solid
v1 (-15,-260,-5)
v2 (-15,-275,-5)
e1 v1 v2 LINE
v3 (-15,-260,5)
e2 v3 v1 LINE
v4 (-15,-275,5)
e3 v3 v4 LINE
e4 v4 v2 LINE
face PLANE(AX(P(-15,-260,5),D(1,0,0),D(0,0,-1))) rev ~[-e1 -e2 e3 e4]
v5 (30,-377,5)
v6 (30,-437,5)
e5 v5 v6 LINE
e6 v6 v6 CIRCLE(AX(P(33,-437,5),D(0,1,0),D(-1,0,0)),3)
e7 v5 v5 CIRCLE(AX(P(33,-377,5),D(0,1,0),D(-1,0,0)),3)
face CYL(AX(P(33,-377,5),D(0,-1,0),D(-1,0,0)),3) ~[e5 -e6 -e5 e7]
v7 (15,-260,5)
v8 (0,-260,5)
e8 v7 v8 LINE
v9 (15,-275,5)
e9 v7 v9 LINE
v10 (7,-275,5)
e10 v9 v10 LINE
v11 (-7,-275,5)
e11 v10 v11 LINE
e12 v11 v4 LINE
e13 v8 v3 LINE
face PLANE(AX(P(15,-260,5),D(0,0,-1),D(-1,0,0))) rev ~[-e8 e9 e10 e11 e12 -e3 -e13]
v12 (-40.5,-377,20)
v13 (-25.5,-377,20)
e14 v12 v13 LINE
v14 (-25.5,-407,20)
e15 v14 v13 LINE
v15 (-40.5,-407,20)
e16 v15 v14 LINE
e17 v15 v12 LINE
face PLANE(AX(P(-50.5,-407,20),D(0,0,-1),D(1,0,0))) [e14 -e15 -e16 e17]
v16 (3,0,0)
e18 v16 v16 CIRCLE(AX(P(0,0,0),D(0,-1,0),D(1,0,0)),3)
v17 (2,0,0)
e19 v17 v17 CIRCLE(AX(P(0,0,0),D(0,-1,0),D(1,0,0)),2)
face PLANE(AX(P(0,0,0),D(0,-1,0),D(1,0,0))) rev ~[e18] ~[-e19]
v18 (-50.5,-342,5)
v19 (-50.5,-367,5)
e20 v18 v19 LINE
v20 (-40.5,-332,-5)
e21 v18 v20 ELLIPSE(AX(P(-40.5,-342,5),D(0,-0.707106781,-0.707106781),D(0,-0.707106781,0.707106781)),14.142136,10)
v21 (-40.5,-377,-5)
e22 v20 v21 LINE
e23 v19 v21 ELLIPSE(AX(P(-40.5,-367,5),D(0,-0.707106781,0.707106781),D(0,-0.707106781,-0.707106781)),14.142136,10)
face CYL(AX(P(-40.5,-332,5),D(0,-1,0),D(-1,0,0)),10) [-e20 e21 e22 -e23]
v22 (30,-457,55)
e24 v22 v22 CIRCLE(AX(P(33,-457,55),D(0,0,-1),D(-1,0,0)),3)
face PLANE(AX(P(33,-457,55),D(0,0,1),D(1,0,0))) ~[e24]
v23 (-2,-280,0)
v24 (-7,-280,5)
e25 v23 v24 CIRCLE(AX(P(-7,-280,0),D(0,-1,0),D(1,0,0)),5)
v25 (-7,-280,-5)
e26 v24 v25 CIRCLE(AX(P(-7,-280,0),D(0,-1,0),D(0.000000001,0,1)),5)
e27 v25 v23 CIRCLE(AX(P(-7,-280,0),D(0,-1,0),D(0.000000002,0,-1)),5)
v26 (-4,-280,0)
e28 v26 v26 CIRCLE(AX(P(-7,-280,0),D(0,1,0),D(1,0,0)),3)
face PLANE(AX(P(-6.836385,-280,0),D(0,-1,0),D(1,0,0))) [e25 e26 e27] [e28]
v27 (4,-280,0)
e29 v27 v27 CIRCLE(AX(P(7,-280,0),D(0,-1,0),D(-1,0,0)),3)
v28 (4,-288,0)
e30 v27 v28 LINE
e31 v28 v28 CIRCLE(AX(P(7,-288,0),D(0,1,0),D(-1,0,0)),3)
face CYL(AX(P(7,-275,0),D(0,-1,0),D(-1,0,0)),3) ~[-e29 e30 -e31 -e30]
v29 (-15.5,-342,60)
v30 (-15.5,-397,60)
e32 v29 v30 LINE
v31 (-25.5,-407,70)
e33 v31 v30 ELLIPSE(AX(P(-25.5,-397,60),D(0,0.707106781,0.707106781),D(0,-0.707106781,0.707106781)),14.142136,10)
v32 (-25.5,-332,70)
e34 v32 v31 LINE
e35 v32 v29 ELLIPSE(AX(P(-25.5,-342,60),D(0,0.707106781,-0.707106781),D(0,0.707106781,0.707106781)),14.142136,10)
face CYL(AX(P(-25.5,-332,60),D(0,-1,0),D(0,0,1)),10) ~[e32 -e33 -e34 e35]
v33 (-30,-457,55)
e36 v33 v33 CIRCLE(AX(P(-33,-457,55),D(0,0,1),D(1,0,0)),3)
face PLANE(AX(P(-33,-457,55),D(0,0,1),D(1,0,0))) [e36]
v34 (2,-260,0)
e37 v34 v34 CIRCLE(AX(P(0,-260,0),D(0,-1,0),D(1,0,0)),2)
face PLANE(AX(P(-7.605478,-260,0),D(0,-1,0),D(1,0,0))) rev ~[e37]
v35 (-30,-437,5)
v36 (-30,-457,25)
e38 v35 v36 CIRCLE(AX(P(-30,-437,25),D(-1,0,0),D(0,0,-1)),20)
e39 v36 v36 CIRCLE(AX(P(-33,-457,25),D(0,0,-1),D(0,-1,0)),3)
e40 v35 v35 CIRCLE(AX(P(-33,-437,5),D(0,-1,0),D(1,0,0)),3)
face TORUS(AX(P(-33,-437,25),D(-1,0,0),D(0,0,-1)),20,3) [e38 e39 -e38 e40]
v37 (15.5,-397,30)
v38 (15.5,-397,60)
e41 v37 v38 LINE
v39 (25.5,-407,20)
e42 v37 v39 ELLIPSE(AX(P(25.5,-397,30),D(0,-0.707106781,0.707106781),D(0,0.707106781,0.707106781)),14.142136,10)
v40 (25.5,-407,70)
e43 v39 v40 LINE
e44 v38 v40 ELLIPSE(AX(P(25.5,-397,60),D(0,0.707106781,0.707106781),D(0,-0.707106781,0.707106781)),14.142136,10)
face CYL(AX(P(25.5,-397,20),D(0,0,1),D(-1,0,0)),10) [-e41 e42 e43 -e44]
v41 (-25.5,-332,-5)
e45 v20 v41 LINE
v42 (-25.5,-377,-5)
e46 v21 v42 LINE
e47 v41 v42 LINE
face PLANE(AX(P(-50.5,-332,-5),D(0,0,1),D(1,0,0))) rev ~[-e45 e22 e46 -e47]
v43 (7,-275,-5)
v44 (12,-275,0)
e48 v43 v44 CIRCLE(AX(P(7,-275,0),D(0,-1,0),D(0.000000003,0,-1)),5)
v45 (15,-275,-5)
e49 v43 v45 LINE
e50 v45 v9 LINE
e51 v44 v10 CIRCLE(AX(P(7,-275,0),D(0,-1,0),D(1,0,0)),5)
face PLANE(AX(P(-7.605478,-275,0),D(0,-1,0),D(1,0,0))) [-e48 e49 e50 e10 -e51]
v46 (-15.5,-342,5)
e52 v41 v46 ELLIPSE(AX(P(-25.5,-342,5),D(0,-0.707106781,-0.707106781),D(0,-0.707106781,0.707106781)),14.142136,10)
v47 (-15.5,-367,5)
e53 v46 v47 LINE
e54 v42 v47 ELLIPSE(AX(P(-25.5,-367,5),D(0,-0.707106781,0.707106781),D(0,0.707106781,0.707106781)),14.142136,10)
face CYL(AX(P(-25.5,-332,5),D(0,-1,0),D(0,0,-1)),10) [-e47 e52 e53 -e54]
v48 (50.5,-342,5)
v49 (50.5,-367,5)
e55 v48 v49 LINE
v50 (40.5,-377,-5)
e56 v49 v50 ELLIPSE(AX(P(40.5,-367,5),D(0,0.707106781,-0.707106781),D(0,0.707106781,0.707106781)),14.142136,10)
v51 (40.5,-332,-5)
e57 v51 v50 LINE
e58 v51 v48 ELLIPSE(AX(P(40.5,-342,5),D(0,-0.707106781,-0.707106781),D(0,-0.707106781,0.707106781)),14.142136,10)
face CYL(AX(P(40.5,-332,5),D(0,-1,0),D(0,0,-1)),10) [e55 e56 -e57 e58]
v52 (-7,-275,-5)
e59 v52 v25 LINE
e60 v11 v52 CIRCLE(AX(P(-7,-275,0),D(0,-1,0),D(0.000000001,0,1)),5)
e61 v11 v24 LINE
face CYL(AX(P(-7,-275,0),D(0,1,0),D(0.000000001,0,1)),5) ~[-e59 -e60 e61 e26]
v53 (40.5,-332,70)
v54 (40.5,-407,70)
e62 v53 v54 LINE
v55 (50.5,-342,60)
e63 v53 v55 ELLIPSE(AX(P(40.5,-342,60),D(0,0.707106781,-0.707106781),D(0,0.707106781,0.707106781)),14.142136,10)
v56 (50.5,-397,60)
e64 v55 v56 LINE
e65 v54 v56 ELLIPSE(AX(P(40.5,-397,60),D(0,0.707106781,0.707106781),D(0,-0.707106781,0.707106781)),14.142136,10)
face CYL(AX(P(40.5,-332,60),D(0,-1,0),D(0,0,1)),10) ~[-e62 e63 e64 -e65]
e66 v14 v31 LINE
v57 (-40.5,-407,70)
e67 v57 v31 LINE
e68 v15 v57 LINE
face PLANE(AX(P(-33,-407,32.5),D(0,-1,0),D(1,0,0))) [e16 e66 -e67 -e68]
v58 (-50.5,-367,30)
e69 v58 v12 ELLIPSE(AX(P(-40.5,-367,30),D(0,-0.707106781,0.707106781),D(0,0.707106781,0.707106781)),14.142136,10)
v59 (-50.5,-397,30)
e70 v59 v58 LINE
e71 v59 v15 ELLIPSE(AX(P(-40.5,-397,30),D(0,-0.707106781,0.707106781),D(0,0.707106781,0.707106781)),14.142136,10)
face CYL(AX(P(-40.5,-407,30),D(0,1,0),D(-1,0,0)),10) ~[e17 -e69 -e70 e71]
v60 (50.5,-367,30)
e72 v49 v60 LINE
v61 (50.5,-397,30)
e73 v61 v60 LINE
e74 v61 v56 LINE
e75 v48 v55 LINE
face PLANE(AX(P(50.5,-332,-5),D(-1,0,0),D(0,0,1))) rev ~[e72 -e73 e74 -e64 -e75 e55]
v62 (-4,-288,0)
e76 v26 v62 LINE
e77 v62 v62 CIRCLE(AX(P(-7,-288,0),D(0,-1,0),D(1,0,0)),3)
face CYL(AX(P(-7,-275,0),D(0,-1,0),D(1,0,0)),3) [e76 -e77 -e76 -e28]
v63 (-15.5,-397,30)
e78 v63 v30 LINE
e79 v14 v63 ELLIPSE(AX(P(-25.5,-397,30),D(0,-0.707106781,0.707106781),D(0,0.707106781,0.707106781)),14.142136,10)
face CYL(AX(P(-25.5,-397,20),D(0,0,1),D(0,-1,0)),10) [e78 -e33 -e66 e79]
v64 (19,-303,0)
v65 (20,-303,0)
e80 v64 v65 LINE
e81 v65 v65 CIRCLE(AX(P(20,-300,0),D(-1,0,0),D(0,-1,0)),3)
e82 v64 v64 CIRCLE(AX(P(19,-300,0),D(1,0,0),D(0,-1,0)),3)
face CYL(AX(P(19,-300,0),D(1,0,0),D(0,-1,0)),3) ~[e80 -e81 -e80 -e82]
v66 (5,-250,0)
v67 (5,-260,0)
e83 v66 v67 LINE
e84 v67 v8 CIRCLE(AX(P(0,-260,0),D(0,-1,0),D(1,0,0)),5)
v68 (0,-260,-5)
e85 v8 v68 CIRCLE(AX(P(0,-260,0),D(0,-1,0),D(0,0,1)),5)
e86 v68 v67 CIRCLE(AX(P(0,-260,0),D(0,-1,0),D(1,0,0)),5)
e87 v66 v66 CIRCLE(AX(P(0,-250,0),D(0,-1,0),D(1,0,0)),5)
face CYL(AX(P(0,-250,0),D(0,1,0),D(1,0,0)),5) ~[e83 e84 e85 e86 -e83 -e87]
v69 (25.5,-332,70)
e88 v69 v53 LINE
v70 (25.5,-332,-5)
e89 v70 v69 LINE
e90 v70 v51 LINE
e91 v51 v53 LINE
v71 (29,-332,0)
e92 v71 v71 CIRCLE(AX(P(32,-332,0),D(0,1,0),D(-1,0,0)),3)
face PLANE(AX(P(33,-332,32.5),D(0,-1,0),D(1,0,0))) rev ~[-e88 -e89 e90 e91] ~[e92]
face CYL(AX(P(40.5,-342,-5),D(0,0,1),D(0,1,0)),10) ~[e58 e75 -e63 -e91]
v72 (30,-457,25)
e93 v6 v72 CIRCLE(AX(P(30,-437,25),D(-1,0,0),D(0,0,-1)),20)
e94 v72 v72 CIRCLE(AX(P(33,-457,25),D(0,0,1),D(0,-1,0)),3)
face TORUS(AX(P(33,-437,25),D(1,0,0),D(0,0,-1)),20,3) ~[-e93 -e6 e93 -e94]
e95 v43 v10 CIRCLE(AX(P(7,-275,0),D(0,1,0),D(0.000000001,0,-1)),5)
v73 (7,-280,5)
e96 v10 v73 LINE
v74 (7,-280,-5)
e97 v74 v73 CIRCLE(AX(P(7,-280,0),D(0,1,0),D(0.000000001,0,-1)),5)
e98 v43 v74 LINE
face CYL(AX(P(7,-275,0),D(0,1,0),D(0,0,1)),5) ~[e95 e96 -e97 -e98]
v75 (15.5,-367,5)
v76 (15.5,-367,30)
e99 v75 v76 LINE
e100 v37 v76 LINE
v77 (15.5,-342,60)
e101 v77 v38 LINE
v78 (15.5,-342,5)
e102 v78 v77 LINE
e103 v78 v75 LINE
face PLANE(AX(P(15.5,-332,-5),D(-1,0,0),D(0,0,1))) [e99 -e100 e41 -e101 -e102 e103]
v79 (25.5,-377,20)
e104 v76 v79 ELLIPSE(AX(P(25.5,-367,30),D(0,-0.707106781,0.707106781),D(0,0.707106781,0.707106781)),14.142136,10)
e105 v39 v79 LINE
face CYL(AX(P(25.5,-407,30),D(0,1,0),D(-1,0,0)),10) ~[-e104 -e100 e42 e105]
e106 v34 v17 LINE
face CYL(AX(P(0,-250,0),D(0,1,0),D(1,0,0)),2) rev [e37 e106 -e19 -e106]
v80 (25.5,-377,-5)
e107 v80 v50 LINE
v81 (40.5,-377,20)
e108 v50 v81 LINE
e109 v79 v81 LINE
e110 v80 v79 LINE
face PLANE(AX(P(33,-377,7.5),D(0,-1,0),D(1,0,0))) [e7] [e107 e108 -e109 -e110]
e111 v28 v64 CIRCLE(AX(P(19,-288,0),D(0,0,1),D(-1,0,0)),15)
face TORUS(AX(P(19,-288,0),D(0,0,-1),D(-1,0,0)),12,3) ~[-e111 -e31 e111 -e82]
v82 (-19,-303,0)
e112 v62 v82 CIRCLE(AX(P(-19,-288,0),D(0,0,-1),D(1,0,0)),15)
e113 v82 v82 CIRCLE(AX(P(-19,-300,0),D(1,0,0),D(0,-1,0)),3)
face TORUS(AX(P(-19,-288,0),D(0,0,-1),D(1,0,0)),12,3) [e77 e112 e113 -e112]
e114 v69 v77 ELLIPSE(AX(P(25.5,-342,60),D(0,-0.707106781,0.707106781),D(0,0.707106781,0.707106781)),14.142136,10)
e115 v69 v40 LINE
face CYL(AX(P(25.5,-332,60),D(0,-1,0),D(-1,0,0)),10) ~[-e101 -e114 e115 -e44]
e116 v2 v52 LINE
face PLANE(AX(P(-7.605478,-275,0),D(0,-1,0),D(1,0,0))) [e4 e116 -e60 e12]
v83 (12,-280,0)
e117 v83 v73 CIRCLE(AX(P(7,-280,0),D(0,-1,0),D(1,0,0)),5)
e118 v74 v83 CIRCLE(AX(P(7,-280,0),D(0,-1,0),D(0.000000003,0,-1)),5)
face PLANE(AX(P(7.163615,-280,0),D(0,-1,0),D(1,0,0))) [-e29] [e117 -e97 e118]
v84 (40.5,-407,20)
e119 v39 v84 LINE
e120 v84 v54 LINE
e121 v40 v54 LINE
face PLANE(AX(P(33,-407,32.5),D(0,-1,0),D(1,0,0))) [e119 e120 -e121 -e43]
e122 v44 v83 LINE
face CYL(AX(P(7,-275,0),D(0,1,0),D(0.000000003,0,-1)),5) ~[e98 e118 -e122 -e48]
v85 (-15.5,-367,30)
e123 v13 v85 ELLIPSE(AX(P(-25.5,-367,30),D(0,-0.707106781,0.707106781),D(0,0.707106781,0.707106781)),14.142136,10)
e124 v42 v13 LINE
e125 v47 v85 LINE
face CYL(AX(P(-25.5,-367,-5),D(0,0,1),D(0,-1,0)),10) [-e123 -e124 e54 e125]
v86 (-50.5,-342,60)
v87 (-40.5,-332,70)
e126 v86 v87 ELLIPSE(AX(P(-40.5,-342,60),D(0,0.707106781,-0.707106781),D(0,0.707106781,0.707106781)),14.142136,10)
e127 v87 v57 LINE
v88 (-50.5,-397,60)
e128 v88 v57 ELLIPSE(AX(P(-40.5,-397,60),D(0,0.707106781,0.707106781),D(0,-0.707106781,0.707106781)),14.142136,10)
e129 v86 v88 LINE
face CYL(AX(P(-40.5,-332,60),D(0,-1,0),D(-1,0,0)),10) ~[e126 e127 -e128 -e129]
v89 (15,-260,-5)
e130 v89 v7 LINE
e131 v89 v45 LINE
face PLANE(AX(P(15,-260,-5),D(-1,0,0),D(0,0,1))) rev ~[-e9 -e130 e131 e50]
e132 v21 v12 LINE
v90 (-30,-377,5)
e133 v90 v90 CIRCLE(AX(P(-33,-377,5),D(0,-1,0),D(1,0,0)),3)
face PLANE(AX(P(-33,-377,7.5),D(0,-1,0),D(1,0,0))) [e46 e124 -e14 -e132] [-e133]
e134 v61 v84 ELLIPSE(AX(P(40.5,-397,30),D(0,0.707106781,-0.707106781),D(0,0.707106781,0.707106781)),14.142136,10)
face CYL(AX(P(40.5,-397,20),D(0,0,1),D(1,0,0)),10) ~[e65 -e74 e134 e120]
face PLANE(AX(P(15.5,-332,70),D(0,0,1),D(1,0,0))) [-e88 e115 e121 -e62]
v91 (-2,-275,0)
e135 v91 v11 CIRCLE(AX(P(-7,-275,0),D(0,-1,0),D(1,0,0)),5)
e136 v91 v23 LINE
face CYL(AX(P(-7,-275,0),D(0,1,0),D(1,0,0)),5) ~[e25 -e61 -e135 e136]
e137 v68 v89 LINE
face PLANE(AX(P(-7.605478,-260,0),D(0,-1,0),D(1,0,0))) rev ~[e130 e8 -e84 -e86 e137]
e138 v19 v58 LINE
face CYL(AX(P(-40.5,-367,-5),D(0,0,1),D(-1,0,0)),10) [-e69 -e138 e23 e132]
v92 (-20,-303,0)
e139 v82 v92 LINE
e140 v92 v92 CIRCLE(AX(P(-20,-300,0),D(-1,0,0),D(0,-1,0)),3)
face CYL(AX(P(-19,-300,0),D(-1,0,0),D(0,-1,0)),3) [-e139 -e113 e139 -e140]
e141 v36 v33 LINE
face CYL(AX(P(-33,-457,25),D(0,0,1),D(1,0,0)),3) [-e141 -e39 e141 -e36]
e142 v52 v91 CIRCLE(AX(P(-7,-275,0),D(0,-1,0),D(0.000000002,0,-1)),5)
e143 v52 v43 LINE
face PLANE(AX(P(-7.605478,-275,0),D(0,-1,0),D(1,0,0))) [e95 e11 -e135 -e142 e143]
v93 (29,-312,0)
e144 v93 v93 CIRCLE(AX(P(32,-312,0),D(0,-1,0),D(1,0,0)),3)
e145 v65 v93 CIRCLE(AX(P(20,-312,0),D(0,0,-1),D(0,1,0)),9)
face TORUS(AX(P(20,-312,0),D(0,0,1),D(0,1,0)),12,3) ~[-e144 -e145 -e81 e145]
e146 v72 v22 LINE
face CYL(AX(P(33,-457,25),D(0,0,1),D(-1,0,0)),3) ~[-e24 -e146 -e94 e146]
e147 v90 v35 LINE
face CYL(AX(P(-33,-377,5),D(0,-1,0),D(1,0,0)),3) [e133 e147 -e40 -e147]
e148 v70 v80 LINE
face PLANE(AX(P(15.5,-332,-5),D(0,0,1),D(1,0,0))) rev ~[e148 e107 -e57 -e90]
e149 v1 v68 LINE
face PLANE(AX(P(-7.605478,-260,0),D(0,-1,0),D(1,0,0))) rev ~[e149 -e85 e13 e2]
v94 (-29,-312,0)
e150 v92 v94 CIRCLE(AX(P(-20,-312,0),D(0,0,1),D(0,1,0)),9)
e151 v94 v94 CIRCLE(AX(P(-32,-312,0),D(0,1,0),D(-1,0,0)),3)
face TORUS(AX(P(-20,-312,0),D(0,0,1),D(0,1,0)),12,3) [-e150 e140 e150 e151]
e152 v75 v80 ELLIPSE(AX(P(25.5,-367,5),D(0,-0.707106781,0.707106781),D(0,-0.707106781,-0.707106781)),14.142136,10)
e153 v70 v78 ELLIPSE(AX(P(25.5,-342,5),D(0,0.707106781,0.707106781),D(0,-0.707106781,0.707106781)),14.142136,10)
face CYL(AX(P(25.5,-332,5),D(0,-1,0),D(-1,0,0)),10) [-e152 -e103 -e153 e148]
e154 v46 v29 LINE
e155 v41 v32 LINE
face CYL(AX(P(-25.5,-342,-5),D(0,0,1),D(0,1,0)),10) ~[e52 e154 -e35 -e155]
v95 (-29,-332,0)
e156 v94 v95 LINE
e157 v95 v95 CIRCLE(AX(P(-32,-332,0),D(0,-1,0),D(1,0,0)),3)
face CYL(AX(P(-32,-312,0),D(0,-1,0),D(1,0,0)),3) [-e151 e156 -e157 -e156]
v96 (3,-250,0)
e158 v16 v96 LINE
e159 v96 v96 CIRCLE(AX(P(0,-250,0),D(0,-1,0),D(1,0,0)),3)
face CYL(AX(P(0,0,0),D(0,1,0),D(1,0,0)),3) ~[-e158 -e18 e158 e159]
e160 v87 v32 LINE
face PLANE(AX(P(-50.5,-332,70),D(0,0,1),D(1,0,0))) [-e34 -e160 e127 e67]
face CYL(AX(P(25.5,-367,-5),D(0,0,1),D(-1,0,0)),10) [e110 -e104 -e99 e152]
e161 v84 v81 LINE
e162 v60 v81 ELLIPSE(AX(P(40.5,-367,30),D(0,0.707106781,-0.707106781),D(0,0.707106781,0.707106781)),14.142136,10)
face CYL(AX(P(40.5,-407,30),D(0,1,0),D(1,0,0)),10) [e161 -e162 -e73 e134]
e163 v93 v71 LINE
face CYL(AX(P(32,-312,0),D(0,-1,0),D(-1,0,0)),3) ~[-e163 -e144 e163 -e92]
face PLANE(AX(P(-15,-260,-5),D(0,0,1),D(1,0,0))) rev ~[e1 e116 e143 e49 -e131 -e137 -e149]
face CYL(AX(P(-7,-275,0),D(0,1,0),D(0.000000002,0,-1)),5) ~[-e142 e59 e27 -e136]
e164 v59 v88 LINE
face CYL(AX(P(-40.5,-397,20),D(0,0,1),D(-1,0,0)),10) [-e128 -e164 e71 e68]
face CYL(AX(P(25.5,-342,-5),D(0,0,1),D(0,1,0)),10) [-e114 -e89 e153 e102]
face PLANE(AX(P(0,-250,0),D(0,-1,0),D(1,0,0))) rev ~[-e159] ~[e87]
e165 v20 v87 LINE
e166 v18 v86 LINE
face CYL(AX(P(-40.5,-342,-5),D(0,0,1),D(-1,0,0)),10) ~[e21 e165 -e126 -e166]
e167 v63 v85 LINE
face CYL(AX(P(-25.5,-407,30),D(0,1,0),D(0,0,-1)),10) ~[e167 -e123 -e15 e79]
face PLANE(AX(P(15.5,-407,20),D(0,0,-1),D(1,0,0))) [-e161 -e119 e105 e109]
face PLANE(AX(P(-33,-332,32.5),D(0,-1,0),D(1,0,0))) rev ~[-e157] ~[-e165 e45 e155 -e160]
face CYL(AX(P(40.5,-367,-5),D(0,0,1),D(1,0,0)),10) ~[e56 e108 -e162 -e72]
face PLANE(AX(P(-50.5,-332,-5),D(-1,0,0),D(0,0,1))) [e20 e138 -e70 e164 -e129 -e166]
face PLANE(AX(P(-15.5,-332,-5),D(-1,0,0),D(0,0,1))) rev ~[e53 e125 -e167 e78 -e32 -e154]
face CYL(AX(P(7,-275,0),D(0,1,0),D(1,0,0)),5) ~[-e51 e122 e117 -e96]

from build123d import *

# Parameters (mm, degrees)
F0_R      = 3
F0_R_2    = 2
F1_DEPTH  = 250
F2_R      = 5
F2_R_2    = 3
F2_R_3    = 2
F3_DEPTH  = 10
F4_R      = 2
F5_DEPTH  = 15
F6_R      = 3
F7_DEPTH  = 5
F8_R      = 3
F12_W     = 35
F12_H     = 75
F12_R     = 3
F13_DEPTH = 75
F14_W     = 35
F14_H     = 25
F15_DEPTH = 30
F16_R     = 10
F18_R     = 3


with BuildPart() as f1:
    # F0 (on Front) → F1 (new body)
    with BuildSketch(Plane.XZ):
        Circle(F0_R)
        Circle(F0_R_2, mode=Mode.SUBTRACT)
    extrude(amount=F1_DEPTH)

    # F2 (on face) → F3 (join)
    with BuildSketch(Plane.XZ.offset(250)):
        Circle(F2_R)
        Circle(F2_R_2, mode=Mode.SUBTRACT)
        Circle(F2_R_2)
        Circle(F2_R_3, mode=Mode.SUBTRACT)
    extrude(amount=F3_DEPTH)

    # F4 (on face) → F5 (join)
    with BuildSketch(Plane.XZ.offset(260)):
        with BuildLine():
            ThreePointArc((0, -5), (-5, 9.4e-09), (1.89e-08, 5))
            Line((1.89e-08, 5), (-15, 5))
            Line((-15, 5), (-15, -5))
            Line((-15, -5), (0, -5))
        make_face()
        with BuildLine():
            ThreePointArc((5, 0), (3.5355339126, 3.5355338993), (1.89e-08, 5))
            ThreePointArc((1.89e-08, 5), (-5, 9.4e-09), (0, -5))
            ThreePointArc((0, -5), (3.5355339059, -3.5355339059), (5, 0))
        make_face()
        Circle(F4_R, mode=Mode.SUBTRACT)
        with BuildLine():
            Line((15, -5), (15, 5))
            Line((15, 5), (1.89e-08, 5))
            ThreePointArc((1.89e-08, 5), (3.5355339126, 3.5355338993), (5, 0))
            ThreePointArc((5, 0), (3.5355339059, -3.5355339059), (0, -5))
            Line((0, -5), (15, -5))
        make_face()
        Circle(F4_R)
    extrude(amount=F5_DEPTH)

    # F6 (on face) → F7 (join)
    with BuildSketch(Plane.XZ.offset(275)):
        with BuildLine():
            ThreePointArc((-6.9999999883, -5), (-3.4644660899, -3.5355339018), (-2, 0))
            ThreePointArc((-2, 0), (-3.4644660915, 3.5355339034), (-6.9999999928, 5))
            ThreePointArc((-6.9999999928, 5), (-12, -2.2e-09), (-6.9999999883, -5))
        make_face()
        with Locations((-7, 0)):
            Circle(F6_R, mode=Mode.SUBTRACT)
        with BuildLine():
            ThreePointArc((12, 0), (10.5355339059, 3.5355339059), (7, 5))
            ThreePointArc((7, 5), (2, -8.4e-09), (7.0000000168, -5))
            ThreePointArc((7.0000000168, -5), (10.5355339119, -3.5355339), (12, 0))
        make_face()
        with Locations((7, 0)):
            Circle(F6_R, mode=Mode.SUBTRACT)
    extrude(amount=F7_DEPTH)

    # F10: sweep along a path in F9
    with BuildLine(Plane.XY) as f10_path:
        Line((-7, -275), (-7, -288))
        ThreePointArc((-7, -288), (-10.5147186258, -296.4852813742), (-19, -300))
        Line((-19, -300), (-20, -300))
        ThreePointArc((-20, -300), (-28.4852813742, -303.5147186258), (-32, -312))
        Line((-32, -312), (-32, -332))
    # F8 (on face) → F10 (sweep)
    with BuildSketch(Plane.XZ.offset(275)):
        with Locations((-7, 0)):
            Circle(F8_R)
    sweep(path=f10_path.line)

    # F11: F1 across plane


with BuildPart() as f1_1:
    add(f1.part)
    add(f1.part.mirror(Plane.YZ))

    # F12 (on face) → F13 (join)
    with BuildSketch(Plane.XZ.offset(332)):
        with Locations((-33, 32.5)):
            Rectangle(F12_W, F12_H)
        with Locations((-32, 0)):
            Circle(F12_R, mode=Mode.SUBTRACT)
        with Locations((33, 32.5)):
            Rectangle(F12_W, F12_H)
        with Locations((-32, 0)):
            Circle(F12_R)
    extrude(amount=F13_DEPTH)

    # F14 (on face) → F15 (cut)
    with BuildSketch(Plane.XZ.offset(407)):
        with Locations((-33, 7.5)):
            Rectangle(F14_W, F14_H)
        with Locations((33, 7.5)):
            Rectangle(F14_W, F14_H)
    extrude(amount=-F15_DEPTH, mode=Mode.SUBTRACT)

    # F16
    f16_edges = [f1_1.edges().sort_by_distance(p)[0] for p in [
        (-50.5, -332, 32.5),
        (-50.5, -354.5, -5),
        (-50.5, -377, 7.5),
        (-50.5, -392, 20),
        (-50.5, -407, 45),
        (-50.5, -369.5, 70),
        (-15.5, -332, 32.5),
        (-15.5, -369.5, 70),
        (-15.5, -407, 45),
        (-15.5, -392, 20),
        (-15.5, -377, 7.5),
        (-15.5, -354.5, -5),
        (50.5, -332, 32.5),
        (50.5, -369.5, 70),
        (50.5, -407, 45),
        (50.5, -392, 20),
        (50.5, -377, 7.5),
        (50.5, -354.5, -5),
        (15.5, -332, 32.5),
        (15.5, -354.5, -5),
        (15.5, -377, 7.5),
        (15.5, -392, 20),
        (15.5, -407, 45),
        (15.5, -369.5, 70),
    ]]
    fillet(f16_edges, radius=F16_R)

    # F20: sweep along a path in F19
    with BuildLine(Plane(origin=(-33, 0, 0), x_dir=(0, -1, 0), z_dir=(-1, 0, 0))) as f20_path:
        Line((377, 5), (437, 5))
        ThreePointArc((437, 5), (451.1421356237, 10.8578643763), (457, 25))
        Line((457, 25), (457, 55))
    # F18 (on face) → F20 (sweep)
    with BuildSketch(Plane.XZ.offset(377)):
        with Locations((-33, 5)):
            Circle(F18_R)
    sweep(path=f20_path.line)

    # F21: F1 across plane


with BuildPart() as f1_2:
    add(f1_1.part)
    add(f1_1.part.mirror(Plane.YZ))


solid = f1_2.part
